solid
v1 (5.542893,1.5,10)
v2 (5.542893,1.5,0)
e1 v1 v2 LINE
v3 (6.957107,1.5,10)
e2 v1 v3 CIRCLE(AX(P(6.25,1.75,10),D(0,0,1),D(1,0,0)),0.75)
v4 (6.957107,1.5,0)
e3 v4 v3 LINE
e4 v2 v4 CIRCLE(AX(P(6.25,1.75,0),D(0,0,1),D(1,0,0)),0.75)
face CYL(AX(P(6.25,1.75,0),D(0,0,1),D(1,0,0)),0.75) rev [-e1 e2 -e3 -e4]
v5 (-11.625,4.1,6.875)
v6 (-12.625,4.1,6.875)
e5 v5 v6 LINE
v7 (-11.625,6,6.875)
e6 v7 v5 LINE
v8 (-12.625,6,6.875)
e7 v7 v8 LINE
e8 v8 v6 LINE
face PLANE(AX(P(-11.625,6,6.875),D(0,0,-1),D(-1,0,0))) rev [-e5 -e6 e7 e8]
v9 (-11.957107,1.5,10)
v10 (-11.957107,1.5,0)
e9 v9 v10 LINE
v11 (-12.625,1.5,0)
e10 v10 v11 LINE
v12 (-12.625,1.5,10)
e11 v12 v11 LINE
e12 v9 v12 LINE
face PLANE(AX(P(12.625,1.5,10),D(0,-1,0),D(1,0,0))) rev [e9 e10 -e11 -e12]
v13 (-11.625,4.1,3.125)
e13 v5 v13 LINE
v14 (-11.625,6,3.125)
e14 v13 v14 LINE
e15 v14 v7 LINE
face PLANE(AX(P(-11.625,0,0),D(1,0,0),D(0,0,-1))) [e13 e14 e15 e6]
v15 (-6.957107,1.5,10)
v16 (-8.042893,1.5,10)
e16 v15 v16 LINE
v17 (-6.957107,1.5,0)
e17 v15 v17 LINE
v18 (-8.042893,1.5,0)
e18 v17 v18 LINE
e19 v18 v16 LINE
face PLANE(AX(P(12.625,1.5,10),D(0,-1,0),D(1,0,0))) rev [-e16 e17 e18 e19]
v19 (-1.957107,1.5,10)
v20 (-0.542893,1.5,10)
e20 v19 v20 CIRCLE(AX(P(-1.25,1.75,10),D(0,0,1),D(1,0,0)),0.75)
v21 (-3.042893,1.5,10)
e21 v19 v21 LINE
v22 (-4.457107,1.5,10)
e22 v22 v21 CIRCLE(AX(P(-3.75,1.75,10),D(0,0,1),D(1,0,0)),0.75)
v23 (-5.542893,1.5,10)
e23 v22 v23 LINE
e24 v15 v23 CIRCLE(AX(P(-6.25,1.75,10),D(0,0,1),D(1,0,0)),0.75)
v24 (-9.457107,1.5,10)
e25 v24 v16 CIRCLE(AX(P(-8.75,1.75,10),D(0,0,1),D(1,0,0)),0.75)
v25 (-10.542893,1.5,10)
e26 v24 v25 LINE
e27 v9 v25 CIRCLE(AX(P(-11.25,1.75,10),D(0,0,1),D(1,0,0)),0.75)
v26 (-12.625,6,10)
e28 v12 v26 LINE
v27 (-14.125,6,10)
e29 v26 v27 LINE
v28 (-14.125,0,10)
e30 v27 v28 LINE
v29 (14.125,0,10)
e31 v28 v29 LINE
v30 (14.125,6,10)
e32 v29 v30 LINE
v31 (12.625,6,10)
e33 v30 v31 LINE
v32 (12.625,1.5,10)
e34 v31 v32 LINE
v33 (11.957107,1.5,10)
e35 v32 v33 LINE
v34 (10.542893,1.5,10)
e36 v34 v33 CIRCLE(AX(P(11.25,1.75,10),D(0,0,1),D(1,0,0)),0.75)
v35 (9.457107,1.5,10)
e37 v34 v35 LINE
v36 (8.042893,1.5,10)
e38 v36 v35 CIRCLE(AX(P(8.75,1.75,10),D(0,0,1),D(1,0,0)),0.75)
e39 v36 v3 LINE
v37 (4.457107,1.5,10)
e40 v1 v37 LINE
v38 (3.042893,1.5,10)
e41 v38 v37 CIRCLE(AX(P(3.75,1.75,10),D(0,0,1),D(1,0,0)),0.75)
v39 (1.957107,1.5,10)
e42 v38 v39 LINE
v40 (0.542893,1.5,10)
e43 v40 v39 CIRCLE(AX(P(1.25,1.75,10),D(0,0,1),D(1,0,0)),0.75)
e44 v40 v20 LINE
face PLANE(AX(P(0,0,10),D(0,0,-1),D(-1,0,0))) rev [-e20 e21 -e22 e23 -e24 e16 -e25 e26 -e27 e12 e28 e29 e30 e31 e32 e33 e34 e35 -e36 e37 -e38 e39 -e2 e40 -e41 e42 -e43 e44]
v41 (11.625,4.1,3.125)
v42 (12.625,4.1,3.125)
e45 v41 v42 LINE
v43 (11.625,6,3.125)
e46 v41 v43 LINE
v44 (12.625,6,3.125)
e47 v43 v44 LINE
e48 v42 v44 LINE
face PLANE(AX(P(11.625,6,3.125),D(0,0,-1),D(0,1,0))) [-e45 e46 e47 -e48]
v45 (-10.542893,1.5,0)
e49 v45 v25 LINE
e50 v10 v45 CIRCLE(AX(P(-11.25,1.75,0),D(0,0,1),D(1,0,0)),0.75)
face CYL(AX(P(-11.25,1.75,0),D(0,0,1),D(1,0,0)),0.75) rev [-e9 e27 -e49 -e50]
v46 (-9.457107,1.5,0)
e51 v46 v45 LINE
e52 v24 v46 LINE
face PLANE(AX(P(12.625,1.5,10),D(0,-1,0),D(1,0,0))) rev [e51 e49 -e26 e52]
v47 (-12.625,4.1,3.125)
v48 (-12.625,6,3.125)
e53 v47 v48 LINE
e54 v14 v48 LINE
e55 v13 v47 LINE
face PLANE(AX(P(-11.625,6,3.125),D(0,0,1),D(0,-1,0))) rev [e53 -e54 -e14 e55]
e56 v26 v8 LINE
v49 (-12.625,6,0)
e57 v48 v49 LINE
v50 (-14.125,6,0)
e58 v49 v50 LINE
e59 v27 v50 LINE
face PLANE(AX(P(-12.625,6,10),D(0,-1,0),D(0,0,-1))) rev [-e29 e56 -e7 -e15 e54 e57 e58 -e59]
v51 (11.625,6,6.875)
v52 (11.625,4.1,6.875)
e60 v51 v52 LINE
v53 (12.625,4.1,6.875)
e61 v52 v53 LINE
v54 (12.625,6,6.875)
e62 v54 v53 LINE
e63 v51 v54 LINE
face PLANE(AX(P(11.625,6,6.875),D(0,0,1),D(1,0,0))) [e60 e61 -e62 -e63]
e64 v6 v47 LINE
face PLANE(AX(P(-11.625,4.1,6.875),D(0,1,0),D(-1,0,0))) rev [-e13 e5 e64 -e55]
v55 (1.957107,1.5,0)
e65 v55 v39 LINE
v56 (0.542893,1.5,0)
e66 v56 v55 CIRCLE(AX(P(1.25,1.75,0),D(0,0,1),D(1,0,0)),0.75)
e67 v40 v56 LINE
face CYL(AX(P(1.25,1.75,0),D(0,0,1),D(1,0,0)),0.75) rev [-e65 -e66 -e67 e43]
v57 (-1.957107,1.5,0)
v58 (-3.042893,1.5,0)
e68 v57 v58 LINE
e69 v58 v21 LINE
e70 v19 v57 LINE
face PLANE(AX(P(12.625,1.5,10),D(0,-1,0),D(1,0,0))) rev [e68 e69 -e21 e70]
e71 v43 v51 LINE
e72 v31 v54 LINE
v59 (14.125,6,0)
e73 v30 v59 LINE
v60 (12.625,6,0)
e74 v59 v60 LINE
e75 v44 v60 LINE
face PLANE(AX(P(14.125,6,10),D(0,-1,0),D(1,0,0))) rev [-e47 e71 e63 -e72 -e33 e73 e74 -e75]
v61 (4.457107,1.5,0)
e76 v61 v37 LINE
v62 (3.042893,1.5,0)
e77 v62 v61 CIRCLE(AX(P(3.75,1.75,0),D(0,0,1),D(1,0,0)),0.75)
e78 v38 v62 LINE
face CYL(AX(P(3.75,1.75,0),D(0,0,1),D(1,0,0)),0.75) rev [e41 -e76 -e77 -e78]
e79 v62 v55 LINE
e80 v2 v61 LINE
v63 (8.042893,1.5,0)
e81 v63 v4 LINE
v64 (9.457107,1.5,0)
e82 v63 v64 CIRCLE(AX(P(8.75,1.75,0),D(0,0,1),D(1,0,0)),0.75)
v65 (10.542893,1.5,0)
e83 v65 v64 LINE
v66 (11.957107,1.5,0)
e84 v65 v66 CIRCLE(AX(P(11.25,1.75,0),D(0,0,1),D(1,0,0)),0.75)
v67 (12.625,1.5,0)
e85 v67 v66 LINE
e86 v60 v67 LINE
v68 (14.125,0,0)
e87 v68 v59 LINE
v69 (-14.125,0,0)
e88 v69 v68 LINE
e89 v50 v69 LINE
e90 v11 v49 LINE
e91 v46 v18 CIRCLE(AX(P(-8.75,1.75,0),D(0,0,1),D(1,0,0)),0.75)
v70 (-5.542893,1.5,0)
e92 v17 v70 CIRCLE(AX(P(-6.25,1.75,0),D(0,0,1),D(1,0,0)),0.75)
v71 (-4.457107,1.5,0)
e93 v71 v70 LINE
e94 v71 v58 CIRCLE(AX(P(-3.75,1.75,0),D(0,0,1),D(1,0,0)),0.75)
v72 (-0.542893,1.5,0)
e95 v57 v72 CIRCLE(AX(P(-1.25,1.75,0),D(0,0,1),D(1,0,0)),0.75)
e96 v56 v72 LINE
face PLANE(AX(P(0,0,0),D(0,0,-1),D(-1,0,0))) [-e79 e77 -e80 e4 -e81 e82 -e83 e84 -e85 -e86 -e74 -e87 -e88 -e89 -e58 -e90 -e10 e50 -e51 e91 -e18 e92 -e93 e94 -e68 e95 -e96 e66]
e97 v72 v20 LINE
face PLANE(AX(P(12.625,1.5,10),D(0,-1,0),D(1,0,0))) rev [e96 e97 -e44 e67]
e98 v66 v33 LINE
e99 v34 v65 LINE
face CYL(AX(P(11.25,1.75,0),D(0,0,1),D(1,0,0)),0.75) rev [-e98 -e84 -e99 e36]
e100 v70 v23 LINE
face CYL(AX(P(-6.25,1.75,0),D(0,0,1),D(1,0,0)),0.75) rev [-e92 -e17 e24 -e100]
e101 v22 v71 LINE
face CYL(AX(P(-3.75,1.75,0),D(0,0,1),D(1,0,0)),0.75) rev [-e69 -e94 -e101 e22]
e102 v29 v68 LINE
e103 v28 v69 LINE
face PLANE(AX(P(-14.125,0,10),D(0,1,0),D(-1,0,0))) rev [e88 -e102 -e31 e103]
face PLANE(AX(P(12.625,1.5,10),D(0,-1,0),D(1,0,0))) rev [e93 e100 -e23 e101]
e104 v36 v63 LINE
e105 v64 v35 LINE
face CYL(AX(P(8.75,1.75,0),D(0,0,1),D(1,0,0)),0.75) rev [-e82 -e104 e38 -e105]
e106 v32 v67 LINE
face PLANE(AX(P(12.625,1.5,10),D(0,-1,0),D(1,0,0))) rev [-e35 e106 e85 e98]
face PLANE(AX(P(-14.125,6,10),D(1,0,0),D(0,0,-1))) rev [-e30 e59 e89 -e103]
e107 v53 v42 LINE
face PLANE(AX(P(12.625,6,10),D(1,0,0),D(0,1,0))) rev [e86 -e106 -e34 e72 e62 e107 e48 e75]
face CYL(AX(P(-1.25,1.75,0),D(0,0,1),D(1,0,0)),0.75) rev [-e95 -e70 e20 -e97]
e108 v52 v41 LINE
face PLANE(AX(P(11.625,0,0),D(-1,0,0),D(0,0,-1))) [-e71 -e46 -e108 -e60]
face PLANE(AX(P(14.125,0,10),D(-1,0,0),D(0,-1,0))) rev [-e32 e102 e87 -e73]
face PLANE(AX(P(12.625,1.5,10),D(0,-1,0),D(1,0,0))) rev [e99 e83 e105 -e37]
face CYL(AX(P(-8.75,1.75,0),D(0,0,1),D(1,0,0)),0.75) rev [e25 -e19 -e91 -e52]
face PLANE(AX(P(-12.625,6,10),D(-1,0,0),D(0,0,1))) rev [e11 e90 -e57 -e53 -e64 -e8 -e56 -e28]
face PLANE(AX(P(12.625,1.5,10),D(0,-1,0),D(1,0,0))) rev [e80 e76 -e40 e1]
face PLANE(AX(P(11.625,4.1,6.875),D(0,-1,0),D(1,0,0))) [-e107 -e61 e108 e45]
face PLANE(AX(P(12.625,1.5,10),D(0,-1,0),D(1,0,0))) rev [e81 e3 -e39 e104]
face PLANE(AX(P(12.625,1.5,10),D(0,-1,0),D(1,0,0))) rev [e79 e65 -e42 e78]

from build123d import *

# Parameters (mm, degrees)
BOSS_EXTRUDE1_DEPTH = 10
SKETCH3_R           = 0.75
CUT_EXTRUDE1_DEPTH  = 19.317085603
SKETCH4_W           = 3.75
SKETCH4_H           = 1.9
BOSS_EXTRUDE2_DEPTH = 1


with BuildPart() as part:
    # Sketch2 → Boss-Extrude1 (new body)
    with BuildSketch(Plane.XY):
        Polygon((-12.625, 6), (-14.125, 6), (-14.125, 0), (14.125, 0), (14.125, 6), (12.625, 6), (12.625, 1.5), (-12.625, 1.5), align=None)
    extrude(amount=BOSS_EXTRUDE1_DEPTH)

    # Sketch3 → Cut-Extrude1 (cut, through all)
    with BuildSketch(Plane.XY.offset(10)):
        with Locations((-11.25, 1.75)):
            Circle(SKETCH3_R)
        with Locations((-8.75, 1.75)):
            Circle(SKETCH3_R)
        with Locations((-6.25, 1.75)):
            Circle(SKETCH3_R)
        with Locations((-3.75, 1.75)):
            Circle(SKETCH3_R)
        with Locations((-1.25, 1.75)):
            Circle(SKETCH3_R)
        with Locations((1.25, 1.75)):
            Circle(SKETCH3_R)
        with Locations((3.75, 1.75)):
            Circle(SKETCH3_R)
        with Locations((6.25, 1.75)):
            Circle(SKETCH3_R)
        with Locations((8.75, 1.75)):
            Circle(SKETCH3_R)
        with Locations((11.25, 1.75)):
            Circle(SKETCH3_R)
    extrude(amount=-CUT_EXTRUDE1_DEPTH, mode=Mode.SUBTRACT)

    # Sketch4 → Boss-Extrude2 (add)
    with BuildSketch(Plane(origin=(-12.625, 0, 0), x_dir=(0, 0, -1), z_dir=(1, 0, 0))):
        with Locations((-5, 5.05)):
            Rectangle(SKETCH4_W, SKETCH4_H)
    boss_extrude2 = extrude(amount=BOSS_EXTRUDE2_DEPTH)

    # Mirror1: Boss-Extrude2 across plane
    add(boss_extrude2.mirror(Plane.ZY))


solid = part.part
